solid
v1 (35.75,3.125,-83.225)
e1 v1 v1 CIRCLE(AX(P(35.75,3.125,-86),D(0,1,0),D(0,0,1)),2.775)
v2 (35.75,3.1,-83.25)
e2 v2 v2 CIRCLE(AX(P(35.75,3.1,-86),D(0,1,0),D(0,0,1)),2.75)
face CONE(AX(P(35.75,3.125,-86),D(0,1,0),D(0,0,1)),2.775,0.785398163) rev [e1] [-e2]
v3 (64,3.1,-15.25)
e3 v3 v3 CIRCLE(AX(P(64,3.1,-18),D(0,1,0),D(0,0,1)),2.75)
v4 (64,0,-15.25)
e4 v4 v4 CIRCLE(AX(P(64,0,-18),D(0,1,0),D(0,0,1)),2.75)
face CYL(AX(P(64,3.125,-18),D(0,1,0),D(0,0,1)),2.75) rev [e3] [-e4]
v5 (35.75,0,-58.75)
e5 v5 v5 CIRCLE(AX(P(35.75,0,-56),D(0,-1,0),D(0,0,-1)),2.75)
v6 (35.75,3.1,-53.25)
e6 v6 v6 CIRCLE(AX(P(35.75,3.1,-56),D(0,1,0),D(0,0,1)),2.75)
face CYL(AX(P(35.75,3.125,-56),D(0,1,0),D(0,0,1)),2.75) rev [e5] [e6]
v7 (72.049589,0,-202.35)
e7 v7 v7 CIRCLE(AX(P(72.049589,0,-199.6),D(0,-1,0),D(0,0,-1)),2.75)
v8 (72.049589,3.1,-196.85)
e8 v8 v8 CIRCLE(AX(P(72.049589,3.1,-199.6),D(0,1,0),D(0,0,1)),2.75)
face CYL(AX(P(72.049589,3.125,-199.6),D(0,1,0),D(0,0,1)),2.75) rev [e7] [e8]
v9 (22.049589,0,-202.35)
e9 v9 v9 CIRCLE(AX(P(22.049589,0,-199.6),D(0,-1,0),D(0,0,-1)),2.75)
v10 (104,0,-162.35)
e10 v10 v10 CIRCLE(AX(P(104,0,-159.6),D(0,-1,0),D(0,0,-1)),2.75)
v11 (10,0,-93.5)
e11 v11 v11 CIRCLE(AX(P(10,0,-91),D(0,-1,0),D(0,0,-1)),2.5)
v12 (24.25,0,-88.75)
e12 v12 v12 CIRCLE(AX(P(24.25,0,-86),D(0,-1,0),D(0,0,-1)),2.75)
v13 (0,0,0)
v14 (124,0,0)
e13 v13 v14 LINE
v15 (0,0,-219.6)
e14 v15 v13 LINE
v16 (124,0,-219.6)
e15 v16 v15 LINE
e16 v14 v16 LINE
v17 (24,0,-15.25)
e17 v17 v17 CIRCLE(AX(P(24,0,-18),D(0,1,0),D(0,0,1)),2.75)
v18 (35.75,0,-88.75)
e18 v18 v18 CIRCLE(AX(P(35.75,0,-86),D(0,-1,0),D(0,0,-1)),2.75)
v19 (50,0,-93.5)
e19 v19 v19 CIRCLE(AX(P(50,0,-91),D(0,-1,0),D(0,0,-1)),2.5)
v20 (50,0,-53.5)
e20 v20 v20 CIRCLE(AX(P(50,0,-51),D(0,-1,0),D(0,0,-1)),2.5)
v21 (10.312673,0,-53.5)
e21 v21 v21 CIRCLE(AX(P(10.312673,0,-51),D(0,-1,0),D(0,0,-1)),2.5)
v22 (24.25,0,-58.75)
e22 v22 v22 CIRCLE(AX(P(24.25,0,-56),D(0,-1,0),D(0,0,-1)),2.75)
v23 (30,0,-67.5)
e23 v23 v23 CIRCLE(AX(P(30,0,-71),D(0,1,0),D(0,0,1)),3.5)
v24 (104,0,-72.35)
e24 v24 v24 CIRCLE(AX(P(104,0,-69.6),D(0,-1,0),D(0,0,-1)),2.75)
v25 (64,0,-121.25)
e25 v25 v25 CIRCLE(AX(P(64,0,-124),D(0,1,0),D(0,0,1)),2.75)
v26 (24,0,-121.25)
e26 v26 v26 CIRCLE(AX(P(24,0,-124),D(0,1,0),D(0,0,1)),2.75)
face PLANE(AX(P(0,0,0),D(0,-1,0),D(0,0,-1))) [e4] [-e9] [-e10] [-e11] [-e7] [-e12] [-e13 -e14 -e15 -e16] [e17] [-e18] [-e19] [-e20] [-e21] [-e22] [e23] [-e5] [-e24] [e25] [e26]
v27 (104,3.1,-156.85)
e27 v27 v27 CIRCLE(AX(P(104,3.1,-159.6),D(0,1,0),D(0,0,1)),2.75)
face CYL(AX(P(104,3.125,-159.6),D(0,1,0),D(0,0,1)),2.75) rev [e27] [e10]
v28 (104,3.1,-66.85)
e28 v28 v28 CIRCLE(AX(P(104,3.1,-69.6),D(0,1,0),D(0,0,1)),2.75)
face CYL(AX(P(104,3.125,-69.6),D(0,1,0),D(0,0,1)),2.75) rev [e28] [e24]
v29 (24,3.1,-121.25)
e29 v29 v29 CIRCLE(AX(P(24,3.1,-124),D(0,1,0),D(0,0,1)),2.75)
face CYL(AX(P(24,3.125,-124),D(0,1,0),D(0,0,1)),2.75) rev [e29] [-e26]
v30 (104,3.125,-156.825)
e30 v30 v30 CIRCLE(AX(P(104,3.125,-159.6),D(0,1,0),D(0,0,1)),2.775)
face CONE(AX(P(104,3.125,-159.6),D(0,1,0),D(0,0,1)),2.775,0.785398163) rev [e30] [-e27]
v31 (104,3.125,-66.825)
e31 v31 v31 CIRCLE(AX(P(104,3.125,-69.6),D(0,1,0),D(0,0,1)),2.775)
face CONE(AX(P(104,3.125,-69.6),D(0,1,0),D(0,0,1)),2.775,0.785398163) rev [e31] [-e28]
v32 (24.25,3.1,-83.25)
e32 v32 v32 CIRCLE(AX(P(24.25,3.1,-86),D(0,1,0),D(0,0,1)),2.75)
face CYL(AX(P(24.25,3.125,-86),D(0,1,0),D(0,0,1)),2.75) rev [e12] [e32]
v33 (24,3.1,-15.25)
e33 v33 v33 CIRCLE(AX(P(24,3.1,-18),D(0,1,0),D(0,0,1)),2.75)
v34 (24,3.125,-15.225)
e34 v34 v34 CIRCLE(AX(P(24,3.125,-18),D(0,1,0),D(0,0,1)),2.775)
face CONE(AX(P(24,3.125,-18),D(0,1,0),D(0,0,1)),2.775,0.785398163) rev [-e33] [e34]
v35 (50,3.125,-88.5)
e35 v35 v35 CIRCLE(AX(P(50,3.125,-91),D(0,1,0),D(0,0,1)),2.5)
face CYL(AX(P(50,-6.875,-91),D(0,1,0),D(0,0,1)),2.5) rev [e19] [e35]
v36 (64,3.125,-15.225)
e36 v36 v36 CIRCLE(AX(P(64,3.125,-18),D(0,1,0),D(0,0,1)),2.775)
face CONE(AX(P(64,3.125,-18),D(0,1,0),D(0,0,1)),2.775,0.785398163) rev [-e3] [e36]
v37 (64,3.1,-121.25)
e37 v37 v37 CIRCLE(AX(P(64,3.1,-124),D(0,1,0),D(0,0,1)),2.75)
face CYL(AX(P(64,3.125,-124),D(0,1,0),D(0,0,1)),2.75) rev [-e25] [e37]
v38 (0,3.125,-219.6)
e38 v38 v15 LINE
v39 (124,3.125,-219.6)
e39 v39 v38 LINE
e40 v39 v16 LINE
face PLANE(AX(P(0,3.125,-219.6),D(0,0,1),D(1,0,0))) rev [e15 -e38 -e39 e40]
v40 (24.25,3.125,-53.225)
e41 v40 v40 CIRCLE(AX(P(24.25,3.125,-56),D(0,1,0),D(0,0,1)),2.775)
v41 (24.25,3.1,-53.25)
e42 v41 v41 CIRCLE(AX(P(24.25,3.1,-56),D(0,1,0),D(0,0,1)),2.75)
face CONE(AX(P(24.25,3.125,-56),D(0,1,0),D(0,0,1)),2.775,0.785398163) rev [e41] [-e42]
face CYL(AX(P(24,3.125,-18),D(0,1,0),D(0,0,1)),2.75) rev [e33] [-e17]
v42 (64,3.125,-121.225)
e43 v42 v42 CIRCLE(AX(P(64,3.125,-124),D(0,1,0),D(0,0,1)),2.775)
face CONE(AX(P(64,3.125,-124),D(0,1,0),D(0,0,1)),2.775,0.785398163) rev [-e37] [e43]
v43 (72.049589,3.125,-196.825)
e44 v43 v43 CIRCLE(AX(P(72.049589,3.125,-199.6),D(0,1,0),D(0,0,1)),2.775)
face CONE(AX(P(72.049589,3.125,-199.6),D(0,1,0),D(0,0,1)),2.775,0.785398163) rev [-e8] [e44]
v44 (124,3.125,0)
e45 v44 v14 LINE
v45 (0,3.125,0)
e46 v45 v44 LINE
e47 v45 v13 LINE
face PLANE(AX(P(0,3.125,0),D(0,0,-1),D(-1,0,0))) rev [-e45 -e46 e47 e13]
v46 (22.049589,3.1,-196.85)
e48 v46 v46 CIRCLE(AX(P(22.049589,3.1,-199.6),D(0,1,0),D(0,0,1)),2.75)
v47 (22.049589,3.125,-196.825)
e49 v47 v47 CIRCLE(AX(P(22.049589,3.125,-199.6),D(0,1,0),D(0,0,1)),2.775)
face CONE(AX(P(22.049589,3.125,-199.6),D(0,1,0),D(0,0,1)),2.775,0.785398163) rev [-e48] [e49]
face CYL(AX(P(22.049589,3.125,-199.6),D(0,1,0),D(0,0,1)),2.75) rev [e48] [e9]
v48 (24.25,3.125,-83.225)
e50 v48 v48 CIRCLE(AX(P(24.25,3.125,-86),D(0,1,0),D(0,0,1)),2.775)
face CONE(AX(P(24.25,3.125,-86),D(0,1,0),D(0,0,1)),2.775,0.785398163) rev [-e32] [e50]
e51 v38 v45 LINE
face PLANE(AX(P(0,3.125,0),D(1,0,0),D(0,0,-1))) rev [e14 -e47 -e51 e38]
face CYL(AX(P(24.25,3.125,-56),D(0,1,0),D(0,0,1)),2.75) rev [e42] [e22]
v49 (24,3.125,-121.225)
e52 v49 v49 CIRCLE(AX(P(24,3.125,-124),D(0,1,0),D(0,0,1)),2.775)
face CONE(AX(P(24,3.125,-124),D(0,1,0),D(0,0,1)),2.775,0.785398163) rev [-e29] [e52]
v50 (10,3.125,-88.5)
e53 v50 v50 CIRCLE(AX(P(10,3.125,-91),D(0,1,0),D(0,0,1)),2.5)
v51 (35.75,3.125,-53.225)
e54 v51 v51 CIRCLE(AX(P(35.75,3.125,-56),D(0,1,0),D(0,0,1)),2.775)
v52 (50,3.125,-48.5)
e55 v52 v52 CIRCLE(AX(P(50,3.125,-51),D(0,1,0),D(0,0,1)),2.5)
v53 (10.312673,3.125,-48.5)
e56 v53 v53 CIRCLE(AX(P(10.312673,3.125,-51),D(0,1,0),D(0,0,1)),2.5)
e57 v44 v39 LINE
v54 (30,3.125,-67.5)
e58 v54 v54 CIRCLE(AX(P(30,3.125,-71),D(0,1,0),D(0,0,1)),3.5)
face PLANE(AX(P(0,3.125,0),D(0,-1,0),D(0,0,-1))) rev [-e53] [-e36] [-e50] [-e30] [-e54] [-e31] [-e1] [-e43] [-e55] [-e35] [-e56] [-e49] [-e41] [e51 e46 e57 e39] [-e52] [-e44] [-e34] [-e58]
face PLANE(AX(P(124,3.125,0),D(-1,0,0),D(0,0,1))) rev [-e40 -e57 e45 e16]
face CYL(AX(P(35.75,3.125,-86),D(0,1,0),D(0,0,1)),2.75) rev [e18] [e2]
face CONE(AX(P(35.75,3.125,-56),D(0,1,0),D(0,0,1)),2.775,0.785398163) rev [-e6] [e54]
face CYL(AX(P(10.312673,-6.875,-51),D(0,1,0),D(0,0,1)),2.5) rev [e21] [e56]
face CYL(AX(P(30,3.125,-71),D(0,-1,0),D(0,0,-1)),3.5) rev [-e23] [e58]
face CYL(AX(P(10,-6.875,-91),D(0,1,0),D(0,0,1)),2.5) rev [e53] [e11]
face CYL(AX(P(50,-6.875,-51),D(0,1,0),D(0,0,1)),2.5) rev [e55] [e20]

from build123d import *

# Parameters (mm, degrees)
SKETCH1_W                      = 124
SKETCH1_H                      = 219.6
SKETCH1_R                      = 3.5
BOSS_EXTRUDE1_DEPTH            = 3.125
SKETCH2_R                      = 2.5
CUT_EXTRUDE1_DEPTH             = 10
M5_CLEARANCE_HOLE1_D           = 5.5
M5_CLEARANCE_HOLE1_DEPTH       = 10.1
M5_CLEARANCE_HOLE1_CSINK_D     = 5.55
M5_CLEARANCE_HOLE1_CSINK_ANGLE = 90
M5_CLEARANCE_HOLE1_TIP         = 1.652366702
M5_CLEARANCE_HOLE2_D           = 5.5
M5_CLEARANCE_HOLE2_DEPTH       = 10.1
M5_CLEARANCE_HOLE2_CSINK_D     = 5.55
M5_CLEARANCE_HOLE2_CSINK_ANGLE = 90
M5_CLEARANCE_HOLE2_TIP         = 1.652366702
M5_CLEARANCE_HOLE3_D           = 5.5
M5_CLEARANCE_HOLE3_CSINK_D     = 5.55
M5_CLEARANCE_HOLE3_CSINK_ANGLE = 90


with BuildPart() as part:
    # Sketch1 → Boss-Extrude1 (new body)
    with BuildSketch(Plane(origin=(0, 0, 0), x_dir=(1, 0, 0), z_dir=(0, 1, 0))):
        with Locations((62, 109.8)):
            Rectangle(SKETCH1_W, SKETCH1_H)
        with Locations((30, 71)):
            Circle(SKETCH1_R, mode=Mode.SUBTRACT)
    extrude(amount=BOSS_EXTRUDE1_DEPTH)

    # Sketch2 → Cut-Extrude1 (cut)
    with BuildSketch(Plane(origin=(0, 3.125, 0), x_dir=(1, 0, 0), z_dir=(0, 1, 0))):
        with Locations((10.312672757, 51)):
            Circle(SKETCH2_R)
        with Locations((50, 51)):
            Circle(SKETCH2_R)
        with Locations((50, 91)):
            Circle(SKETCH2_R)
        with Locations((10, 91)):
            Circle(SKETCH2_R)
    extrude(amount=-CUT_EXTRUDE1_DEPTH, mode=Mode.SUBTRACT)

    # M5 Clearance Hole1
    with Locations(Plane(origin=(0, 3.125, 0), x_dir=(1, 0, 0), z_dir=(0, 1, 0))):
        with Locations((24.25, 86), (35.75, 86), (35.75, 56), (24.25, 56)):
            CounterSinkHole(M5_CLEARANCE_HOLE1_D / 2, M5_CLEARANCE_HOLE1_CSINK_D / 2, depth=M5_CLEARANCE_HOLE1_DEPTH, counter_sink_angle=M5_CLEARANCE_HOLE1_CSINK_ANGLE)
            with Locations((0, 0, -(M5_CLEARANCE_HOLE1_DEPTH + M5_CLEARANCE_HOLE1_TIP / 2))):  # 118° drill point
                Cone(0, M5_CLEARANCE_HOLE1_D / 2, M5_CLEARANCE_HOLE1_TIP, mode=Mode.SUBTRACT)

    # M5 Clearance Hole2
    with Locations(Plane(origin=(0, 3.125, 0), x_dir=(1, 0, 0), z_dir=(0, 1, 0))):
        with Locations((22.049589497, 199.6), (72.049589497, 199.6), (104, 159.6), (104, 69.6)):
            CounterSinkHole(M5_CLEARANCE_HOLE2_D / 2, M5_CLEARANCE_HOLE2_CSINK_D / 2, depth=M5_CLEARANCE_HOLE2_DEPTH, counter_sink_angle=M5_CLEARANCE_HOLE2_CSINK_ANGLE)
            with Locations((0, 0, -(M5_CLEARANCE_HOLE2_DEPTH + M5_CLEARANCE_HOLE2_TIP / 2))):  # 118° drill point
                Cone(0, M5_CLEARANCE_HOLE2_D / 2, M5_CLEARANCE_HOLE2_TIP, mode=Mode.SUBTRACT)

    # M5 Clearance Hole3 (through all)
    with Locations(Plane(origin=(0, 3.125, 0), x_dir=(1, 0, 0), z_dir=(0, 1, 0))):
        with Locations((24, 124), (64, 124), (24, 18), (64, 18)):
            CounterSinkHole(M5_CLEARANCE_HOLE3_D / 2, M5_CLEARANCE_HOLE3_CSINK_D / 2, counter_sink_angle=M5_CLEARANCE_HOLE3_CSINK_ANGLE)


solid = part.part
